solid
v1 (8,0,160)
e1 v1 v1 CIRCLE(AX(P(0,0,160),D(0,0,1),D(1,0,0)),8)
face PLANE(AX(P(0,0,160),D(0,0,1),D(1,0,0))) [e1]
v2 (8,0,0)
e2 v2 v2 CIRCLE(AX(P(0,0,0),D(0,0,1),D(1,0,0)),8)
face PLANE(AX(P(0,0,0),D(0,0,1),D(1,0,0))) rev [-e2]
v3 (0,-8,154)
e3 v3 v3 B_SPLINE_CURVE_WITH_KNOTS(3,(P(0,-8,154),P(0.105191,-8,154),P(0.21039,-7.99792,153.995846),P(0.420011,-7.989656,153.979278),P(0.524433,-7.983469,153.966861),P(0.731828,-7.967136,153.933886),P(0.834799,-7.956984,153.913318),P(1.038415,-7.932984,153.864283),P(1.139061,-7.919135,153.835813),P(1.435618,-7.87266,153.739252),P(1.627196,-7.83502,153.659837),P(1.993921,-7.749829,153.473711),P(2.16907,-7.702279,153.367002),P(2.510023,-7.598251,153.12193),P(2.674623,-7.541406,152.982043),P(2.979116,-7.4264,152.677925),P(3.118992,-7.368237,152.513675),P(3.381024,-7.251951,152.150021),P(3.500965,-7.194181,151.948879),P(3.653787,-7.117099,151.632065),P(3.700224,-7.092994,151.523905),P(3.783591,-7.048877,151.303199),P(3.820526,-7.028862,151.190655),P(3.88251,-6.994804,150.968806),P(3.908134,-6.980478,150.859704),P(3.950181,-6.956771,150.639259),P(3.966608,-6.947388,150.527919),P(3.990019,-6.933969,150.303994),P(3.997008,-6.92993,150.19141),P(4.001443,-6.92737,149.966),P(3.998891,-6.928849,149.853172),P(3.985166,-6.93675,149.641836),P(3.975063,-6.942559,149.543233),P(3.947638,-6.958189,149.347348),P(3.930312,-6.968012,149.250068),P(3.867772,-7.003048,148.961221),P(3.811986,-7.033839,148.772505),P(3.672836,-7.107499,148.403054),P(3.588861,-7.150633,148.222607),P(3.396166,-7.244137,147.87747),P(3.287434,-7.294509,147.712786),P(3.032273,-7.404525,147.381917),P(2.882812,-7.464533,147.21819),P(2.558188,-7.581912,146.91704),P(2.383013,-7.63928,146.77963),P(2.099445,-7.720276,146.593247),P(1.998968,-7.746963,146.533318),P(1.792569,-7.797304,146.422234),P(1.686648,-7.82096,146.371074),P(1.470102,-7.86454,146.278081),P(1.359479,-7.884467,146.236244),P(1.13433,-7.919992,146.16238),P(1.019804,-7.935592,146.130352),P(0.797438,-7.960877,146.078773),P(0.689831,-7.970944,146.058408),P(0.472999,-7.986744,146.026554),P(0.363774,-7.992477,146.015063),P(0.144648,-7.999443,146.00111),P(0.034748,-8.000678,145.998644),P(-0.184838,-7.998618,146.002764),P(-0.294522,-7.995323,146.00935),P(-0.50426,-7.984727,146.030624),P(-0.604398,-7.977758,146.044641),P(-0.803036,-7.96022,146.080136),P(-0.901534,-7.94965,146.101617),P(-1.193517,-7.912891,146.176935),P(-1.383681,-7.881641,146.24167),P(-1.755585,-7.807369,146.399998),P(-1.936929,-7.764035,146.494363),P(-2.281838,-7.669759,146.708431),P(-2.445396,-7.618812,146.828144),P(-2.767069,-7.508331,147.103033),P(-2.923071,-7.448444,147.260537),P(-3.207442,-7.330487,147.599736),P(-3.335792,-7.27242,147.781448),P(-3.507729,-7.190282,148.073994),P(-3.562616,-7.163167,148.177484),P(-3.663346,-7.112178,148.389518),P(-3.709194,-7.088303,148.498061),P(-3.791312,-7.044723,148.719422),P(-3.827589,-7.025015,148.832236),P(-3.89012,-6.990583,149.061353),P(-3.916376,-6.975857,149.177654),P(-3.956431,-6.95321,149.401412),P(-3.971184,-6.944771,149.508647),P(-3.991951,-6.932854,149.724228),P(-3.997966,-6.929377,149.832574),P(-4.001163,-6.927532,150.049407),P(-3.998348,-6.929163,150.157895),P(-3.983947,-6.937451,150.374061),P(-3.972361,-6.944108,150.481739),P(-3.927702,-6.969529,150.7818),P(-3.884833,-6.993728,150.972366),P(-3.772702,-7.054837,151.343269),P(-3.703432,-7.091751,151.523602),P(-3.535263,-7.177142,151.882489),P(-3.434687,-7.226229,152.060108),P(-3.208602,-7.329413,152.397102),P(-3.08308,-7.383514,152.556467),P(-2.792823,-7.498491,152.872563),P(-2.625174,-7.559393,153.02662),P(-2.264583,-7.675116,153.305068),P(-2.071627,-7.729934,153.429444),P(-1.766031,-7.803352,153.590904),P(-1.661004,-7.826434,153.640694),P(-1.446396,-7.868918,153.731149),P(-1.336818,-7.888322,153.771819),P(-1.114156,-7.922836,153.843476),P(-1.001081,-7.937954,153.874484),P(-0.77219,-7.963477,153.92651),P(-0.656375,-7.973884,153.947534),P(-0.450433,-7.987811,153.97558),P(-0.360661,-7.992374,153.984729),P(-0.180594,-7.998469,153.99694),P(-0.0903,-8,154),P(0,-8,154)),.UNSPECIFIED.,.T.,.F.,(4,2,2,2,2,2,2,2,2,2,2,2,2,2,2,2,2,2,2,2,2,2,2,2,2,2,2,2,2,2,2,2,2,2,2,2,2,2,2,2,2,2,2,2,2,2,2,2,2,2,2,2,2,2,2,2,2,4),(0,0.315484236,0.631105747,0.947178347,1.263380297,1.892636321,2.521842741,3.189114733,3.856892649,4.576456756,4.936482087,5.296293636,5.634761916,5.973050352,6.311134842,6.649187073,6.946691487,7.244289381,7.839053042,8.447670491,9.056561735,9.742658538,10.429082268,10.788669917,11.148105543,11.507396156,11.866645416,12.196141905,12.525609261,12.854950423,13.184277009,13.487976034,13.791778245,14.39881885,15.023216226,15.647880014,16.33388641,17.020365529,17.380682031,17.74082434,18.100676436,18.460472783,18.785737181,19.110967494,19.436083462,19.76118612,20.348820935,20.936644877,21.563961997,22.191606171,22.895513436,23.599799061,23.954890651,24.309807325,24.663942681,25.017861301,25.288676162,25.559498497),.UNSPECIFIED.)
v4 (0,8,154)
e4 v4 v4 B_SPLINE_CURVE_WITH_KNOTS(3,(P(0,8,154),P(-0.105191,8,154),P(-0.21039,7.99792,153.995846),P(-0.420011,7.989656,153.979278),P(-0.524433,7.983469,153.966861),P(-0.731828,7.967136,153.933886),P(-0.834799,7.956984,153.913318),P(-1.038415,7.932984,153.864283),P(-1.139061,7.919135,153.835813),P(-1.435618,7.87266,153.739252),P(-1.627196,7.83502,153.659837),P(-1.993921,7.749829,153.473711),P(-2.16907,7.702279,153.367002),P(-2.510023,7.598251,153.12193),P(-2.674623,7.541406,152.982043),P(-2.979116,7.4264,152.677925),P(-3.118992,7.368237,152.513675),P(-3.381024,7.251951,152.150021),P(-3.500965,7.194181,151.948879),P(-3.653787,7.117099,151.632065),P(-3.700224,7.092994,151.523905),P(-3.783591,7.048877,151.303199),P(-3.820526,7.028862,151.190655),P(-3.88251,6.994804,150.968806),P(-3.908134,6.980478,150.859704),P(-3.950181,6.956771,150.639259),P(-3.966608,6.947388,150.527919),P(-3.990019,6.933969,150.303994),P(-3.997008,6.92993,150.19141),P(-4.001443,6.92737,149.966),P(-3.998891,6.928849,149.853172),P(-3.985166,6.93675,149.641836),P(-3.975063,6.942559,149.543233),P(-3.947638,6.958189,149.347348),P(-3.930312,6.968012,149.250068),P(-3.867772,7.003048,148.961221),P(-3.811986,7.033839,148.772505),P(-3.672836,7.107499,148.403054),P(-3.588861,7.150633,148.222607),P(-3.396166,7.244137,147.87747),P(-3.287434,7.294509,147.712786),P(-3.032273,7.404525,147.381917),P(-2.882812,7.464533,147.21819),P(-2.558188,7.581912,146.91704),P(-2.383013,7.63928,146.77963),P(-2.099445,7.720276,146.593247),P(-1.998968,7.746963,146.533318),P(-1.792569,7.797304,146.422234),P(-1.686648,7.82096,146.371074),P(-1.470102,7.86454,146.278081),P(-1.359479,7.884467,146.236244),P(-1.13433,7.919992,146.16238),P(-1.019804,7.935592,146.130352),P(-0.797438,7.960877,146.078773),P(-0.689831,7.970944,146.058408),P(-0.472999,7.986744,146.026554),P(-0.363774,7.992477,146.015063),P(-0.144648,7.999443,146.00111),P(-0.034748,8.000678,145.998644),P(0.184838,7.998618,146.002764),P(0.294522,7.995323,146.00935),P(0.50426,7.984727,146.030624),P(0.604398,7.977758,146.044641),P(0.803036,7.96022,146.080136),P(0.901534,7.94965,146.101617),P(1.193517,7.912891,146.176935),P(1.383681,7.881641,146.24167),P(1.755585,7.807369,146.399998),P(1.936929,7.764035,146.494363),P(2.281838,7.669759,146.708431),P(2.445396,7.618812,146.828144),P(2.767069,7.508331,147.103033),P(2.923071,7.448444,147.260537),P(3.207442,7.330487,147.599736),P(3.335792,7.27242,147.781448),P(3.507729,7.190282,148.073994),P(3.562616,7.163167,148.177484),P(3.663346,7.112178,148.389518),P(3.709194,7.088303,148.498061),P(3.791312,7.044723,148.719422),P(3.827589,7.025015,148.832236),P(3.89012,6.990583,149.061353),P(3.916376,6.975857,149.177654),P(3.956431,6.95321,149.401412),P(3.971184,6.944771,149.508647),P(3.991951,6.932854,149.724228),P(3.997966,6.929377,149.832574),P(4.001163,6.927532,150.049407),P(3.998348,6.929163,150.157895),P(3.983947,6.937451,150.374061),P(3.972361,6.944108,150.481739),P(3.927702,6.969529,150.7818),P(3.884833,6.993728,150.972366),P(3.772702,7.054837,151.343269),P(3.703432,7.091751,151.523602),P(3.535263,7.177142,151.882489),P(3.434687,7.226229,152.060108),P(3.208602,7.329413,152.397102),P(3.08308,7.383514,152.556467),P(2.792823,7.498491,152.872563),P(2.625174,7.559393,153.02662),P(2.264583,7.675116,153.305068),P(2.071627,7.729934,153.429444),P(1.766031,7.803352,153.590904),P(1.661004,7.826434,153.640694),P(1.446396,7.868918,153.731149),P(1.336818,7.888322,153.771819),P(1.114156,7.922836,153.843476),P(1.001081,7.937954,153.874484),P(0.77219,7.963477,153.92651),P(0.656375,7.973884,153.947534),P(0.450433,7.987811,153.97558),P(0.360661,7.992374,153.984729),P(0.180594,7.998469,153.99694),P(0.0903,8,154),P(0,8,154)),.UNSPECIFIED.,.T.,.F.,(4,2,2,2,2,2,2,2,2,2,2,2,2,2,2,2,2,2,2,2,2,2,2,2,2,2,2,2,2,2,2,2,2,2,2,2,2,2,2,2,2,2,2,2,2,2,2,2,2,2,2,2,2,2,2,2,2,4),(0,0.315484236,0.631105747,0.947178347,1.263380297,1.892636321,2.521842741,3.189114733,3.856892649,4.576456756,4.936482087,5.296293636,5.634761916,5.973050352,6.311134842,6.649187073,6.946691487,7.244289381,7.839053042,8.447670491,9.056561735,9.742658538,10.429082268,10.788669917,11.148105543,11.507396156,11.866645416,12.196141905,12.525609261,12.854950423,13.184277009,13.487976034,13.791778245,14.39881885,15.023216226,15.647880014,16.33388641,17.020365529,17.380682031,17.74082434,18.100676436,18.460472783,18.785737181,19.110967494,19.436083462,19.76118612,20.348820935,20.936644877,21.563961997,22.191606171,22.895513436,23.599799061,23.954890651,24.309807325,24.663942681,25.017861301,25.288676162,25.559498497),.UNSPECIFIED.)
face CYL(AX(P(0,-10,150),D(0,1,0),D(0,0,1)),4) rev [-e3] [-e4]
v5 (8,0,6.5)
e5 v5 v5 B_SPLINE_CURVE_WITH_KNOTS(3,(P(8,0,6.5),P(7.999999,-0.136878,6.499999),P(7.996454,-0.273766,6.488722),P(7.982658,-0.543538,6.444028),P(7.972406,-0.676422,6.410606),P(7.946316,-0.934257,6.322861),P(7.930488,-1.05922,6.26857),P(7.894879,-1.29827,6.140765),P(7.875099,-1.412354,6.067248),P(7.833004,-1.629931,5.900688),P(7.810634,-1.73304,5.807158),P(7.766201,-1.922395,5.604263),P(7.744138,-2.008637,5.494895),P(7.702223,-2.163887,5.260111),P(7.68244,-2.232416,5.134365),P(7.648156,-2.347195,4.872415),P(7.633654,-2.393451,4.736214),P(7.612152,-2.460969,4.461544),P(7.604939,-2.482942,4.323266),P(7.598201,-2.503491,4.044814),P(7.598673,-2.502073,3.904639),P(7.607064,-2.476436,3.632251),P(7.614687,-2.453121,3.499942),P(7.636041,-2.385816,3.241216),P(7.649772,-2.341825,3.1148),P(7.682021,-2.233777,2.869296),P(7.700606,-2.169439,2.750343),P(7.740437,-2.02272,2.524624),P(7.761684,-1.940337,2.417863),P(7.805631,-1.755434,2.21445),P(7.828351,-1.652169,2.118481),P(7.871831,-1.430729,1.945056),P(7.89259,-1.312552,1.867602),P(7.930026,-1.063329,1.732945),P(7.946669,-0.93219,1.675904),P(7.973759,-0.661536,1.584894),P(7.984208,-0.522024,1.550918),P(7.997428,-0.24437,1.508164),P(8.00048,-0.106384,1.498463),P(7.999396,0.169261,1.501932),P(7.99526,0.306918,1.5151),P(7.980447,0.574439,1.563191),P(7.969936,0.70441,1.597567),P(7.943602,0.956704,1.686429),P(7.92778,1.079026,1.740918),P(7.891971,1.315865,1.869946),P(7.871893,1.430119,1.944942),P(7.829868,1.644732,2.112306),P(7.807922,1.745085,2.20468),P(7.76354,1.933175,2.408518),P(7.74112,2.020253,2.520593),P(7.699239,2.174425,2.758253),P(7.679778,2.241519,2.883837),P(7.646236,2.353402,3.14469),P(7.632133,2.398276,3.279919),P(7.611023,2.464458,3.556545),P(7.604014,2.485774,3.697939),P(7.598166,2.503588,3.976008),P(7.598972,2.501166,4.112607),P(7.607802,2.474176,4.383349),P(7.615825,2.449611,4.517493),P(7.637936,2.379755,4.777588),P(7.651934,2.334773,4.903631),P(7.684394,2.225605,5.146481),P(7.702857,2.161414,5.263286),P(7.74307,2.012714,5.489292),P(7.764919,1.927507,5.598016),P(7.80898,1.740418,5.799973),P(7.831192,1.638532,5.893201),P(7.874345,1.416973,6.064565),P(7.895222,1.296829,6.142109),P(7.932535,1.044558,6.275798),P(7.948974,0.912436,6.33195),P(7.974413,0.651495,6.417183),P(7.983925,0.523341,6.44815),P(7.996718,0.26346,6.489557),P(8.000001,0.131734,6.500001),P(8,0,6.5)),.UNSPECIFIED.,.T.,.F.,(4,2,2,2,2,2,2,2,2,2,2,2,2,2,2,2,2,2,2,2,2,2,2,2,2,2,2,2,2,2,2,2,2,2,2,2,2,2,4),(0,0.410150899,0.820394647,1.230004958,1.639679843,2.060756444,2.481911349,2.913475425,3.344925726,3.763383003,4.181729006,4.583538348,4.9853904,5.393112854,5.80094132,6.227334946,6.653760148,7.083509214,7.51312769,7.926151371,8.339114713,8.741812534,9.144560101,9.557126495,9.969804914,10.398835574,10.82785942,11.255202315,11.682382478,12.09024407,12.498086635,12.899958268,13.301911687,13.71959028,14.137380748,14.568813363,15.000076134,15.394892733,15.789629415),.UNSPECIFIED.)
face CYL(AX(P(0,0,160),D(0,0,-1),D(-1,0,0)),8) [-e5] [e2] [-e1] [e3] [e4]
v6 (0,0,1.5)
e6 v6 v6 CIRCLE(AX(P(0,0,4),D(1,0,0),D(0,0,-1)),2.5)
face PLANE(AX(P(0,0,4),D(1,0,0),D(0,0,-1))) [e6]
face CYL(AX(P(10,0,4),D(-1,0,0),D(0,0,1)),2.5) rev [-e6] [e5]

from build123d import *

# Parameters (mm, degrees)
SKETCH_1_R          = 8
EXTRUDE_1_DEPTH     = 160
SKETCH_2_R          = 4
CUT_EXTRUDE_1_DEPTH = 10
SKETCH_3_R          = 2.5
CUT_EXTRUDE_2_DEPTH = 10


with BuildPart() as part:
    # 草图1 → 凸台-拉伸1 (new body)
    with BuildSketch(Plane.XY):
        Circle(SKETCH_1_R)
    extrude(amount=EXTRUDE_1_DEPTH)

    # 草图2 → 切除-拉伸1 (cut, symmetric)
    with BuildSketch(Plane(origin=(0, 0, 0), x_dir=(1, 0, 0), z_dir=(0, 1, 0))):
        with Locations((0, -150)):
            Circle(SKETCH_2_R)
    extrude(amount=CUT_EXTRUDE_1_DEPTH, both=True, mode=Mode.SUBTRACT)

    # 草图3 → 切除-拉伸2 (cut)
    with BuildSketch(Plane(origin=(0, 0, 0), x_dir=(0, 0, -1), z_dir=(1, 0, 0))):
        with Locations((-4, 0)):
            Circle(SKETCH_3_R)
    extrude(amount=CUT_EXTRUDE_2_DEPTH, mode=Mode.SUBTRACT)


solid = part.part
